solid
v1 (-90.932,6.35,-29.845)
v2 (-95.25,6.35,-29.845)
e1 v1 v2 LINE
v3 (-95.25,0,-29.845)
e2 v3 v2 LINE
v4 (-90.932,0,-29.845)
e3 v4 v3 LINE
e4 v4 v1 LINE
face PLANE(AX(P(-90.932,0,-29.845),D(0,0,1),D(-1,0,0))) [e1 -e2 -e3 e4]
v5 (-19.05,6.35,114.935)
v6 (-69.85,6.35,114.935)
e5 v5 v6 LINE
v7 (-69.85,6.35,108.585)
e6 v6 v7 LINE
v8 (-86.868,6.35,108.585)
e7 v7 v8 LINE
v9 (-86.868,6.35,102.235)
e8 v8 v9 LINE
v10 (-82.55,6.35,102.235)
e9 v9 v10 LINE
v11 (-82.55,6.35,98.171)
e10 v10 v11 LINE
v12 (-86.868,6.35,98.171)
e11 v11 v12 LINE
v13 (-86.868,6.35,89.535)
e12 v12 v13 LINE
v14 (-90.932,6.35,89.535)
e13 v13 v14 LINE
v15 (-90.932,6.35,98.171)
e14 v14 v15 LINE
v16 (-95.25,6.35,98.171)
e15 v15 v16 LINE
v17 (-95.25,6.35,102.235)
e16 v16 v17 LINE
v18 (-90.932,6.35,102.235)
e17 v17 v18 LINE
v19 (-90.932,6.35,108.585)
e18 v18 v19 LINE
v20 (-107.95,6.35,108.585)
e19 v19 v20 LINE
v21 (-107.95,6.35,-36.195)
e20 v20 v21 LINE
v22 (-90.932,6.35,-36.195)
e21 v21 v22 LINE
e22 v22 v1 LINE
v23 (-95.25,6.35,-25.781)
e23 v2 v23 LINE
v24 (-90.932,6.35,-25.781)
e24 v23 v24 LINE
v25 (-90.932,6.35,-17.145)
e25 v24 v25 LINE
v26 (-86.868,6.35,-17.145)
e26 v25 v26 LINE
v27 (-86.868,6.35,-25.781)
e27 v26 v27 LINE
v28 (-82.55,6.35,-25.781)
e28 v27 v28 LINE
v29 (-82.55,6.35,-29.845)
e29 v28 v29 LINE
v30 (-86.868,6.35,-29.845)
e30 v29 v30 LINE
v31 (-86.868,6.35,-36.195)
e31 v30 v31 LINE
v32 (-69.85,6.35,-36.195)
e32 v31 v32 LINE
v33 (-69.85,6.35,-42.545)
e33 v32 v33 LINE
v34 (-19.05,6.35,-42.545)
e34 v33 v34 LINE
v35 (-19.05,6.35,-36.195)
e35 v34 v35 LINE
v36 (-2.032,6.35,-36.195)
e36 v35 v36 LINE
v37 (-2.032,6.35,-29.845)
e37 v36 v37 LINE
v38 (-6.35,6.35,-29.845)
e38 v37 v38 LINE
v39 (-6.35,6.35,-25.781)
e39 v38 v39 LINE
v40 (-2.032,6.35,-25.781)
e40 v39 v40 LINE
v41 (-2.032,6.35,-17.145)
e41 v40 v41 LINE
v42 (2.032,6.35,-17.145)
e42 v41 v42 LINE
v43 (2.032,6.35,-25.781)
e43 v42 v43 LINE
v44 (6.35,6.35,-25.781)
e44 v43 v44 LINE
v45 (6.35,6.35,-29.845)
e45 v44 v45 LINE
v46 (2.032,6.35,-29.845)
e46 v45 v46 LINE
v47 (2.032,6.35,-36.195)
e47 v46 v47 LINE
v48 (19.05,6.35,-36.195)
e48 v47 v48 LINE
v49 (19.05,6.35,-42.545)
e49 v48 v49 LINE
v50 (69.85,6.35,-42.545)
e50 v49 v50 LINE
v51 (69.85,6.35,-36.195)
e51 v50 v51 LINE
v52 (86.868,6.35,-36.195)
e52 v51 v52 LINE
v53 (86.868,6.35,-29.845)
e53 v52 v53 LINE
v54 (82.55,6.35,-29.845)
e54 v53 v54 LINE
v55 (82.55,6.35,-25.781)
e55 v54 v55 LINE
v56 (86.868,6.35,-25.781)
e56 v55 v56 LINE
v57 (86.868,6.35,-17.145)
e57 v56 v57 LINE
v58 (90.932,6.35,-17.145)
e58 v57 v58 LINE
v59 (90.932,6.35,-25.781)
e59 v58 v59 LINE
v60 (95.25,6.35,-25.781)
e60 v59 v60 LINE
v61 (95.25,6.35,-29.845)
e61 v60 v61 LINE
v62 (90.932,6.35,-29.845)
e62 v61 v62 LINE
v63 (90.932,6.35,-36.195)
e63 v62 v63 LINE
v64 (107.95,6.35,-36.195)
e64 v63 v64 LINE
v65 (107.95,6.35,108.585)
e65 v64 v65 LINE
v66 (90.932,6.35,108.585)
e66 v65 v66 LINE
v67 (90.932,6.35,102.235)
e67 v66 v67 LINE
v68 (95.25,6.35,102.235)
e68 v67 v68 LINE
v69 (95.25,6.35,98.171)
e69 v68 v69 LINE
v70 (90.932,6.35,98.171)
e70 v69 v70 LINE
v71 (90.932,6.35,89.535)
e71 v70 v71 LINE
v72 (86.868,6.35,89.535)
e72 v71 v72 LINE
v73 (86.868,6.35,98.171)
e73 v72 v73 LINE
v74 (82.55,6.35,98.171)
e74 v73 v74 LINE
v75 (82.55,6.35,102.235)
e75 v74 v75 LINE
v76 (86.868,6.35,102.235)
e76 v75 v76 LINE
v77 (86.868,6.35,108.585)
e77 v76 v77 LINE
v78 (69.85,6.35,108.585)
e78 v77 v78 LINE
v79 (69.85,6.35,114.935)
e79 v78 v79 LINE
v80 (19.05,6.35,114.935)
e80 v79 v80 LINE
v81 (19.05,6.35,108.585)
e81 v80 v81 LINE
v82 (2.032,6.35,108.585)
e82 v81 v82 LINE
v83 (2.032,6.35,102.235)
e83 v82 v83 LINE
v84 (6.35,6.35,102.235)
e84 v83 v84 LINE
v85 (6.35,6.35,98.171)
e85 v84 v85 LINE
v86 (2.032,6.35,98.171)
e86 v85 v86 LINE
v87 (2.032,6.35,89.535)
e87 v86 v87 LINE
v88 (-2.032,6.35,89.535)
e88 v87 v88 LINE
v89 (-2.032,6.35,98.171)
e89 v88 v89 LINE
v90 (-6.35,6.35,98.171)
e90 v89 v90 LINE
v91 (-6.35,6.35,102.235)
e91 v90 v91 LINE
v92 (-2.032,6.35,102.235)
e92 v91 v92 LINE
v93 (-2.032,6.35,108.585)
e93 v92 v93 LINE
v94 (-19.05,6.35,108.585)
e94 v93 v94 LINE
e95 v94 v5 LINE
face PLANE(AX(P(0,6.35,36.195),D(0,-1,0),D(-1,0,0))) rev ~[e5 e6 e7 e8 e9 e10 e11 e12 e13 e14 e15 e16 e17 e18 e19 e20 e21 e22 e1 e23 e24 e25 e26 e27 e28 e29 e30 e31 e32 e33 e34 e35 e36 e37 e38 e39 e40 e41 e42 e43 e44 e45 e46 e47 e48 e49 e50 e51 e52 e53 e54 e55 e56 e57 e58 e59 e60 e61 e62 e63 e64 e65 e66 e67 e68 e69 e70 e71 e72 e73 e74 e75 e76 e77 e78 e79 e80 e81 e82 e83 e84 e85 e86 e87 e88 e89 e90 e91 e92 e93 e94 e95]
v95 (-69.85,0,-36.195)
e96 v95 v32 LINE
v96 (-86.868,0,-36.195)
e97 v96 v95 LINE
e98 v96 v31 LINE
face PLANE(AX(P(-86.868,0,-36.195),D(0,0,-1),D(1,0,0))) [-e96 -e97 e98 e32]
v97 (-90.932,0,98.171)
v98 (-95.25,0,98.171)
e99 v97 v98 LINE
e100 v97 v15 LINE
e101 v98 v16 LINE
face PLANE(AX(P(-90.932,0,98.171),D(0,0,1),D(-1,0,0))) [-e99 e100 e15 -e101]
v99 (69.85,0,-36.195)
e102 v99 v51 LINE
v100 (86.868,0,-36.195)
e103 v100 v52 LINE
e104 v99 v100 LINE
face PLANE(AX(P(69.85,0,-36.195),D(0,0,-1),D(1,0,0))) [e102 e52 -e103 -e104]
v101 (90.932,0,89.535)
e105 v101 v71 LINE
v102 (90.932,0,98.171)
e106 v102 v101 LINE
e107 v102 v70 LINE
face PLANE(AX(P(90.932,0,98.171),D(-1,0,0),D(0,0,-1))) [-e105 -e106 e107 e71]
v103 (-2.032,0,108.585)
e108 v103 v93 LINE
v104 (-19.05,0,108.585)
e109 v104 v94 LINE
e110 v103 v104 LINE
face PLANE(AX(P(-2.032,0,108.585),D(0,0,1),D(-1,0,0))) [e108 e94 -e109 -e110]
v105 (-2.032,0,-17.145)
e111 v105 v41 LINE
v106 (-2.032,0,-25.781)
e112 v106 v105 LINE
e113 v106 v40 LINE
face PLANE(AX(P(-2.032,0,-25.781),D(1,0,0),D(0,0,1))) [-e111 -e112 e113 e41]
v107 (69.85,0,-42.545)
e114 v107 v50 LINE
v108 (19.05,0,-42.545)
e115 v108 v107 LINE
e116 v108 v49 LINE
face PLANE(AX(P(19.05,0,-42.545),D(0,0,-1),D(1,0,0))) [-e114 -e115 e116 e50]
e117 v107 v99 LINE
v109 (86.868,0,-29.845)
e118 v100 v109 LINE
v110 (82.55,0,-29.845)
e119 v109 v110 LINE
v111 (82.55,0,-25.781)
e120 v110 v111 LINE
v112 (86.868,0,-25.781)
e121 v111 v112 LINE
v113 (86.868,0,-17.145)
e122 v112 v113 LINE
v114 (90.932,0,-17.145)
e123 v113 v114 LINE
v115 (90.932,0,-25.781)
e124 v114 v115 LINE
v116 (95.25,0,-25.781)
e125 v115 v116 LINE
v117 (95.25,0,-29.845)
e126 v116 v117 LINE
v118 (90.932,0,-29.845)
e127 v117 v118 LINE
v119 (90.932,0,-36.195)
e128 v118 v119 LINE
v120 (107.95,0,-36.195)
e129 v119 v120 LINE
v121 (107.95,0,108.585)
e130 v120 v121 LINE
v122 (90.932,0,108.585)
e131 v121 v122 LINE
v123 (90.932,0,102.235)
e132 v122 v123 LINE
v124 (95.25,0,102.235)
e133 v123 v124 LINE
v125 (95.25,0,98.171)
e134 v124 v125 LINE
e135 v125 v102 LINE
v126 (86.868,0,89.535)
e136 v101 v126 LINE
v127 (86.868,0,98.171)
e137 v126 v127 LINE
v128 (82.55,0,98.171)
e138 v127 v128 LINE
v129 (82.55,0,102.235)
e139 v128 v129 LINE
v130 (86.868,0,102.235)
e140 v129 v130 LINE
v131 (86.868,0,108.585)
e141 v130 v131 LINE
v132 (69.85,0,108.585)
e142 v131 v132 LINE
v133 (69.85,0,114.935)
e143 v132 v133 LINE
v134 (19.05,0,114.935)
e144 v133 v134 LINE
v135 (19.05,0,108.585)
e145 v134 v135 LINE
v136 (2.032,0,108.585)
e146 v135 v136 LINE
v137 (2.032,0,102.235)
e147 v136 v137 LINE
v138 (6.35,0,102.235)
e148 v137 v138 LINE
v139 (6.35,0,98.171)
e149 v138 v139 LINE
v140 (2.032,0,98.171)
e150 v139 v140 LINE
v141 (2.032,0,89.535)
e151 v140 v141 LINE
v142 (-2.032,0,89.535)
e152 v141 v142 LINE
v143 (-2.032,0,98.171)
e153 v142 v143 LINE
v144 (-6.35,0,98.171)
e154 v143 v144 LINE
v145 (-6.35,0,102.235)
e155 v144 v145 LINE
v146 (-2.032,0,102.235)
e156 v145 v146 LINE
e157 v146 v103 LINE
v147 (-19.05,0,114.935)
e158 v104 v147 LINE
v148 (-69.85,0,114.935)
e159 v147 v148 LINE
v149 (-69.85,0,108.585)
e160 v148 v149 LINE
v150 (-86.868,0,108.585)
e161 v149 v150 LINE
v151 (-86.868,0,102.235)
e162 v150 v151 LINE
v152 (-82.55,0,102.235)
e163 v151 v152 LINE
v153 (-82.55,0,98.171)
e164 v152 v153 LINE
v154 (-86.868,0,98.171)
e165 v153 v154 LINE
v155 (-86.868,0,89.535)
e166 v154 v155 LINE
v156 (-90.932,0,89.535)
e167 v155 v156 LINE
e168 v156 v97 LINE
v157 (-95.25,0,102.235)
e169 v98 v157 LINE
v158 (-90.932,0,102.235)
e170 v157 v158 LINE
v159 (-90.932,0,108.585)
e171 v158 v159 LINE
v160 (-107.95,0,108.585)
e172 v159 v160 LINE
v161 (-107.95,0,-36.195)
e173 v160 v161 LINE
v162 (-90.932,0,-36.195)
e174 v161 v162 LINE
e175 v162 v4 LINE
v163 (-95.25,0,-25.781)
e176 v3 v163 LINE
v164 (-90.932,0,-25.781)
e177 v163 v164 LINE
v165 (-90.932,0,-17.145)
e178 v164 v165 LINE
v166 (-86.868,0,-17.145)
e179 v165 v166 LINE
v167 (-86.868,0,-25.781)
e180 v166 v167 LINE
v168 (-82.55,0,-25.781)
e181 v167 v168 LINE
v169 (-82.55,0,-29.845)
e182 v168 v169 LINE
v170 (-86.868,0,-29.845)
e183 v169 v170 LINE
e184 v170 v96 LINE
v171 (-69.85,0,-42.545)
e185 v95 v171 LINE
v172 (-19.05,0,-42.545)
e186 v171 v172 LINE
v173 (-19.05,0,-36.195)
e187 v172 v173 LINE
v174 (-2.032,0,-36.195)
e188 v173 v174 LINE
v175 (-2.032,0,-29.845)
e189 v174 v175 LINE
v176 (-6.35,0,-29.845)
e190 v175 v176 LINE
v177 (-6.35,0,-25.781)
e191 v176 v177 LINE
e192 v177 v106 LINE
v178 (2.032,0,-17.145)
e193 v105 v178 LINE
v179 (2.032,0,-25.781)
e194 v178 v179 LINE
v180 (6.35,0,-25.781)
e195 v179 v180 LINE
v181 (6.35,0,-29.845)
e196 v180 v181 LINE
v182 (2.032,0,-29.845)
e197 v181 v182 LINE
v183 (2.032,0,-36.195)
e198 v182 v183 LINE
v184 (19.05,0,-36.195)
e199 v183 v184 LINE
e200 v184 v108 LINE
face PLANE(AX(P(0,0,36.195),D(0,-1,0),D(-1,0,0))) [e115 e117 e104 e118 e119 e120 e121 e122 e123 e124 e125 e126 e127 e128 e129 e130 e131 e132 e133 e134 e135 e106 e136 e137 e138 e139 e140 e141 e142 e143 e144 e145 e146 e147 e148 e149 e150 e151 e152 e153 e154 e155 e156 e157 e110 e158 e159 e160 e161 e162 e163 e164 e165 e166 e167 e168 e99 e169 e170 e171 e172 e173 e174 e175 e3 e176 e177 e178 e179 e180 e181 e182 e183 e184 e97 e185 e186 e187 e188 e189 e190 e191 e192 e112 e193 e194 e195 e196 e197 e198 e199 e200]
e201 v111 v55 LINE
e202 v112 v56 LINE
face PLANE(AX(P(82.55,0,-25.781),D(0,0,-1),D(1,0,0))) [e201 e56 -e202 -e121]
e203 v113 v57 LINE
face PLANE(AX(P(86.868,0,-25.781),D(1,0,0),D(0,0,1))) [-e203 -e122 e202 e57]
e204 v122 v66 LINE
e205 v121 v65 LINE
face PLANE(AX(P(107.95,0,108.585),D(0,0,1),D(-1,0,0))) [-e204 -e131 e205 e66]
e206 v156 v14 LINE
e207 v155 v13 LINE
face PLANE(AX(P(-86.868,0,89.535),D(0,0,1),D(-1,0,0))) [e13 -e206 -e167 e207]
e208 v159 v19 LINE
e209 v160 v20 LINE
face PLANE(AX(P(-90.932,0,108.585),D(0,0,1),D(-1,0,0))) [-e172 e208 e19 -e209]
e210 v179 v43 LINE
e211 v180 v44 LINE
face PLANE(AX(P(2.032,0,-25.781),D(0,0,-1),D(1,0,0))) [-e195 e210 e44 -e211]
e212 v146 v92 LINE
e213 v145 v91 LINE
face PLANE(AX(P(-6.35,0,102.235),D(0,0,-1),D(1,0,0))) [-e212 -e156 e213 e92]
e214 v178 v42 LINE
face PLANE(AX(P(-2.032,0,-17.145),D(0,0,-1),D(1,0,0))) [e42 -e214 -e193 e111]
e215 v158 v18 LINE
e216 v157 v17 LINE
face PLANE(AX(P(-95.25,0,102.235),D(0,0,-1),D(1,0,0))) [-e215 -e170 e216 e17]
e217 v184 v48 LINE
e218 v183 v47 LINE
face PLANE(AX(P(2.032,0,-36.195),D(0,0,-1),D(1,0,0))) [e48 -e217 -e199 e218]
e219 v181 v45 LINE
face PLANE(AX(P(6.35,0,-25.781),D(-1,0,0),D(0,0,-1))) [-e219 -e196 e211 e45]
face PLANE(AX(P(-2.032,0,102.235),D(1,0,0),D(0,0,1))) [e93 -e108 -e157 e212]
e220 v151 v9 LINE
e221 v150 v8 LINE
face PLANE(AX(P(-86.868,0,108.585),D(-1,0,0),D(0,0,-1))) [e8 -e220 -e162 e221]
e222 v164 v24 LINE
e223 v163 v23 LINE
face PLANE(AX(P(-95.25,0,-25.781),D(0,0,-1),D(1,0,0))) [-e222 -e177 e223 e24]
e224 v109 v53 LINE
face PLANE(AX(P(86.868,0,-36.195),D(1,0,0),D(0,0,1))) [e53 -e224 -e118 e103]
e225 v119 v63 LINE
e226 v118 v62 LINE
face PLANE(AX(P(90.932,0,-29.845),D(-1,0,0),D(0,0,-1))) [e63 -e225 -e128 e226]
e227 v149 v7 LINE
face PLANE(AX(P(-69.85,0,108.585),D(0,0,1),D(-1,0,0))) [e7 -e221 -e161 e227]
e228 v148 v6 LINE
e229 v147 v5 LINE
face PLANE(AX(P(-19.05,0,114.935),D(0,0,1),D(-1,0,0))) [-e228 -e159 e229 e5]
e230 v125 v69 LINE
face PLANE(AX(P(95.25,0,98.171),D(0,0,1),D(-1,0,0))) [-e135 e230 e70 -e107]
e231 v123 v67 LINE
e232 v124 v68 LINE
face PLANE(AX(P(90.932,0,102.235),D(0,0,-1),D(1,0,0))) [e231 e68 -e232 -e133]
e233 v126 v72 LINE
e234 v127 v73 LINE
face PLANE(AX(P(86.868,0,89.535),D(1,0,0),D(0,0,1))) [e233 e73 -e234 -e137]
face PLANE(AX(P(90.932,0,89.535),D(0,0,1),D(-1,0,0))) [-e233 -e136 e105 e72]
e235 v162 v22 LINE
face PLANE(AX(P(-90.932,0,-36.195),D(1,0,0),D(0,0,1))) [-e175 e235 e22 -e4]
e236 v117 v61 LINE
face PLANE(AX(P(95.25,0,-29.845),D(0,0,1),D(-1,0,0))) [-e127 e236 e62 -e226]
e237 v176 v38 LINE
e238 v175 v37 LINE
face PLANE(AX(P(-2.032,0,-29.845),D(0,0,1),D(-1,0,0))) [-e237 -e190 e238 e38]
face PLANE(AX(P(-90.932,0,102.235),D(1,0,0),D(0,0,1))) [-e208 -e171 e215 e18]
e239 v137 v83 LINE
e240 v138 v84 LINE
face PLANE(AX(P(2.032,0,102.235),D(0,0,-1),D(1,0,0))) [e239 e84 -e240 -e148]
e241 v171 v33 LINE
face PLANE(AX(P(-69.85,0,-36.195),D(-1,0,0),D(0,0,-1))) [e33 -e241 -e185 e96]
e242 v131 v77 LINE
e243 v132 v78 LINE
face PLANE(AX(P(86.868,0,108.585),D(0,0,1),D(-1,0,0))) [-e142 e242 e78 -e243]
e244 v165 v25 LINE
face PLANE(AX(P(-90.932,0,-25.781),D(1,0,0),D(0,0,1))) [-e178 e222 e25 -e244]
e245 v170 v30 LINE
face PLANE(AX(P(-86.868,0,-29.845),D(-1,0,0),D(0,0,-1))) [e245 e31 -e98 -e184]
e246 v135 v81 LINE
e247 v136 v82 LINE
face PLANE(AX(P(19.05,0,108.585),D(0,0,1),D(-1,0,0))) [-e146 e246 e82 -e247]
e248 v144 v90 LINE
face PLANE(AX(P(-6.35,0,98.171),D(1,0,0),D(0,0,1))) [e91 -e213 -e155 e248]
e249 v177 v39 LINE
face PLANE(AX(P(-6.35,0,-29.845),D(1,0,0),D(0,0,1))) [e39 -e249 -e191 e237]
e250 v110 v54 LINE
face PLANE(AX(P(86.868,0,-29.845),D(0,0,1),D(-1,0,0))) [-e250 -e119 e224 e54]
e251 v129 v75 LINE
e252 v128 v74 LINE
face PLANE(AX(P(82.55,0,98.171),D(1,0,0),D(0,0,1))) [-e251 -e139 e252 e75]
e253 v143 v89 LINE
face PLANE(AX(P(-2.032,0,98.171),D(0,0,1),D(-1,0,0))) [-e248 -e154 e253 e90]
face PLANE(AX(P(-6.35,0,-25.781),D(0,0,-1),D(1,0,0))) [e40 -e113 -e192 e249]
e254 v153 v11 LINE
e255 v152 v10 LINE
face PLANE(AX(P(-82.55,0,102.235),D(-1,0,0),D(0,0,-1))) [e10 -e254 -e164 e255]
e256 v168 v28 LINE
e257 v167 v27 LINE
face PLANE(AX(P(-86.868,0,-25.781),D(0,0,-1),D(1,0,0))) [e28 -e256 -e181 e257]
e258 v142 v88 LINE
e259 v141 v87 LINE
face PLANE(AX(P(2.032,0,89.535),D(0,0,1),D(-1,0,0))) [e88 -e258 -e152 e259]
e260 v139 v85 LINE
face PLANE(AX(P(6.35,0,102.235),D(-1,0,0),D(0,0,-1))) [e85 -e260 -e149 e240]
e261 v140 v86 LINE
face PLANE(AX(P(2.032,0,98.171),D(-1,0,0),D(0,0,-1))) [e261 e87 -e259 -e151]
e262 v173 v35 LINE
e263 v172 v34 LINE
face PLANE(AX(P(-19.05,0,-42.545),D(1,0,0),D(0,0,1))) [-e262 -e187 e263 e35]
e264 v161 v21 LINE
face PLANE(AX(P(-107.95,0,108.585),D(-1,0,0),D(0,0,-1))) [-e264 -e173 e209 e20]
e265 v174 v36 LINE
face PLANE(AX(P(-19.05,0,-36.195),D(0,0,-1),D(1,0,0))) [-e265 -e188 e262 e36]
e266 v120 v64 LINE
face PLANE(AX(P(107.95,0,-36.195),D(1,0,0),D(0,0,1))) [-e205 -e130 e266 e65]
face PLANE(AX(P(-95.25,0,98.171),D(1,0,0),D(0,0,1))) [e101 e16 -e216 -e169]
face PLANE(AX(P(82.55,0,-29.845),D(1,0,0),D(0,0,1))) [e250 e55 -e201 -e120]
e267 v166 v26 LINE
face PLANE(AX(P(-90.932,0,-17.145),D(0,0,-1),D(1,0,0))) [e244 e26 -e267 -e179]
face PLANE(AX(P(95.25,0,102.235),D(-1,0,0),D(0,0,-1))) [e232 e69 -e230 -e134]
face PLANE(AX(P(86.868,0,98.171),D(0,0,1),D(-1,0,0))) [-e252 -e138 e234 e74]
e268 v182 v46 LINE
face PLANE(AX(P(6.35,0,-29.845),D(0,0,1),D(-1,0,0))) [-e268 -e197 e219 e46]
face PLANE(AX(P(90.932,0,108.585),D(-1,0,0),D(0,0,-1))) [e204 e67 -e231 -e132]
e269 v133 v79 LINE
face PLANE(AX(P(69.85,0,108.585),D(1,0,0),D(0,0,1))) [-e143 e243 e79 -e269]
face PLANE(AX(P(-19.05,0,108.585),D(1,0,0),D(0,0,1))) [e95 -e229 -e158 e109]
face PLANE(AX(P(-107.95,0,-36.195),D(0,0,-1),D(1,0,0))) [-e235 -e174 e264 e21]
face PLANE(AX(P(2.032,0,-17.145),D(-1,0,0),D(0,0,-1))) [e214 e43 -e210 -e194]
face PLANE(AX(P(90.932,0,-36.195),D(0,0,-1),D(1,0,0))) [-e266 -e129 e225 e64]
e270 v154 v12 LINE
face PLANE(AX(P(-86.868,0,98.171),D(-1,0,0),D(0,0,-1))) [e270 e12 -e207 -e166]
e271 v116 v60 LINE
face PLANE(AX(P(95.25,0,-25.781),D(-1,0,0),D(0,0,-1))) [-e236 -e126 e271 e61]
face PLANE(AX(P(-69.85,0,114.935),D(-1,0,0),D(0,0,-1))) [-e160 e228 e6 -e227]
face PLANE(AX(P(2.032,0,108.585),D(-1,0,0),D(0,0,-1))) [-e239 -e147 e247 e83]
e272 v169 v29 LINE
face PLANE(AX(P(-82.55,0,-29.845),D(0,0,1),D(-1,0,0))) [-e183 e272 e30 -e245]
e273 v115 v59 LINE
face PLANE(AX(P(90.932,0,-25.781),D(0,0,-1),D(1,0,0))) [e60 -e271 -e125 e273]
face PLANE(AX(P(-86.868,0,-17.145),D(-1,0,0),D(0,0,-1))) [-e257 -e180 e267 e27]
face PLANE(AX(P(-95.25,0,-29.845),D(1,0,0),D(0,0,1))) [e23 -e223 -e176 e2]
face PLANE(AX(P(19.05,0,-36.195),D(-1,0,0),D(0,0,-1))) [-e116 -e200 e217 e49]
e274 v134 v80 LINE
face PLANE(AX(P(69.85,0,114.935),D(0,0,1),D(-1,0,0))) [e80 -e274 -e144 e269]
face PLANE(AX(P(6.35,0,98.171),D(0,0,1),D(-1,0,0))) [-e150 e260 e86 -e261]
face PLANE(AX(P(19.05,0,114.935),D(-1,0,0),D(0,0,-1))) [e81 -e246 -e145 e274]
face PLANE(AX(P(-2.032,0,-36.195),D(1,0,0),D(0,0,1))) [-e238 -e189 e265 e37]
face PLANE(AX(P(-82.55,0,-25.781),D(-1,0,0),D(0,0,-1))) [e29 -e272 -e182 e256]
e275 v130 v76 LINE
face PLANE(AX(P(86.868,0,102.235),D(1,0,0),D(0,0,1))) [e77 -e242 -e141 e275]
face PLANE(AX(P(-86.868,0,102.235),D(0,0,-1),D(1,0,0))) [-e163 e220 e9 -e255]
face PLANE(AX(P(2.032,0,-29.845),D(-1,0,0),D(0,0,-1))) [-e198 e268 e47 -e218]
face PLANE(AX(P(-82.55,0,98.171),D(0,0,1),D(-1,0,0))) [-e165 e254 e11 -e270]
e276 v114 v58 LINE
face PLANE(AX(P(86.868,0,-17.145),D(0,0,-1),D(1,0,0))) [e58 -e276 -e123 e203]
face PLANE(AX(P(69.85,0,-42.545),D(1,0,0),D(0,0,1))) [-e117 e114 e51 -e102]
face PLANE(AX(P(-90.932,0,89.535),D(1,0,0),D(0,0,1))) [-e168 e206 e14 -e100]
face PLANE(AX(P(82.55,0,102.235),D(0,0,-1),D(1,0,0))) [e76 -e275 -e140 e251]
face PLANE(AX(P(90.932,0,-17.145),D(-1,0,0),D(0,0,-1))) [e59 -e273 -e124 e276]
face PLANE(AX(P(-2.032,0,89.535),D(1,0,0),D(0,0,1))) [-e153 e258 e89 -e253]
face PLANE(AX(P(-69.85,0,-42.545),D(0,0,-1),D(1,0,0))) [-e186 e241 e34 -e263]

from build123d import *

# Parameters (mm, degrees)
BOSS_EXTRUDE1_DEPTH = 6.35


with BuildPart() as part:
    # Sketch2 → Boss-Extrude1 (new body)
    with BuildSketch(Plane(origin=(0, 0, 0), x_dir=(1, 0, 0), z_dir=(0, 1, 0))):
        Polygon((-107.95, -108.585), (-107.95, 36.195), (-90.932, 36.195), (-90.932, 29.845), (-95.25, 29.845), (-95.25, 25.781), (-90.932, 25.781), (-90.932, 17.145), (-86.868, 17.145), (-86.868, 25.781), (-82.55, 25.781), (-82.55, 29.845), (-86.868, 29.845), (-86.868, 36.195), (-69.85, 36.195), (-69.85, 42.545), (-19.05, 42.545), (-19.05, 36.195), (-2.032, 36.195), (-2.032, 29.845), (-6.35, 29.845), (-6.35, 25.781), (-2.032, 25.781), (-2.032, 17.145), (2.032, 17.145), (2.032, 25.781), (6.35, 25.781), (6.35, 29.845), (2.032, 29.845), (2.032, 36.195), (19.05, 36.195), (19.05, 42.545), (69.85, 42.545), (69.85, 36.195), (86.868, 36.195), (86.868, 29.845), (82.55, 29.845), (82.55, 25.781), (86.868, 25.781), (86.868, 17.145), (90.932, 17.145), (90.932, 25.781), (95.25, 25.781), (95.25, 29.845), (90.932, 29.845), (90.932, 36.195), (107.95, 36.195), (107.95, -108.585), (90.932, -108.585), (90.932, -102.235), (95.25, -102.235), (95.25, -98.171), (90.932, -98.171), (90.932, -89.535), (86.868, -89.535), (86.868, -98.171), (82.55, -98.171), (82.55, -102.235), (86.868, -102.235), (86.868, -108.585), (69.85, -108.585), (69.85, -114.935), (19.05, -114.935), (19.05, -108.585), (2.032, -108.585), (2.032, -102.235), (6.35, -102.235), (6.35, -98.171), (2.032, -98.171), (2.032, -89.535), (-2.032, -89.535), (-2.032, -98.171), (-6.35, -98.171), (-6.35, -102.235), (-2.032, -102.235), (-2.032, -108.585), (-19.05, -108.585), (-19.05, -114.935), (-69.85, -114.935), (-69.85, -108.585), (-86.868, -108.585), (-86.868, -102.235), (-82.55, -102.235), (-82.55, -98.171), (-86.868, -98.171), (-86.868, -89.535), (-90.932, -89.535), (-90.932, -98.171), (-95.25, -98.171), (-95.25, -102.235), (-90.932, -102.235), (-90.932, -108.585), align=None)
    extrude(amount=BOSS_EXTRUDE1_DEPTH)


solid = part.part
